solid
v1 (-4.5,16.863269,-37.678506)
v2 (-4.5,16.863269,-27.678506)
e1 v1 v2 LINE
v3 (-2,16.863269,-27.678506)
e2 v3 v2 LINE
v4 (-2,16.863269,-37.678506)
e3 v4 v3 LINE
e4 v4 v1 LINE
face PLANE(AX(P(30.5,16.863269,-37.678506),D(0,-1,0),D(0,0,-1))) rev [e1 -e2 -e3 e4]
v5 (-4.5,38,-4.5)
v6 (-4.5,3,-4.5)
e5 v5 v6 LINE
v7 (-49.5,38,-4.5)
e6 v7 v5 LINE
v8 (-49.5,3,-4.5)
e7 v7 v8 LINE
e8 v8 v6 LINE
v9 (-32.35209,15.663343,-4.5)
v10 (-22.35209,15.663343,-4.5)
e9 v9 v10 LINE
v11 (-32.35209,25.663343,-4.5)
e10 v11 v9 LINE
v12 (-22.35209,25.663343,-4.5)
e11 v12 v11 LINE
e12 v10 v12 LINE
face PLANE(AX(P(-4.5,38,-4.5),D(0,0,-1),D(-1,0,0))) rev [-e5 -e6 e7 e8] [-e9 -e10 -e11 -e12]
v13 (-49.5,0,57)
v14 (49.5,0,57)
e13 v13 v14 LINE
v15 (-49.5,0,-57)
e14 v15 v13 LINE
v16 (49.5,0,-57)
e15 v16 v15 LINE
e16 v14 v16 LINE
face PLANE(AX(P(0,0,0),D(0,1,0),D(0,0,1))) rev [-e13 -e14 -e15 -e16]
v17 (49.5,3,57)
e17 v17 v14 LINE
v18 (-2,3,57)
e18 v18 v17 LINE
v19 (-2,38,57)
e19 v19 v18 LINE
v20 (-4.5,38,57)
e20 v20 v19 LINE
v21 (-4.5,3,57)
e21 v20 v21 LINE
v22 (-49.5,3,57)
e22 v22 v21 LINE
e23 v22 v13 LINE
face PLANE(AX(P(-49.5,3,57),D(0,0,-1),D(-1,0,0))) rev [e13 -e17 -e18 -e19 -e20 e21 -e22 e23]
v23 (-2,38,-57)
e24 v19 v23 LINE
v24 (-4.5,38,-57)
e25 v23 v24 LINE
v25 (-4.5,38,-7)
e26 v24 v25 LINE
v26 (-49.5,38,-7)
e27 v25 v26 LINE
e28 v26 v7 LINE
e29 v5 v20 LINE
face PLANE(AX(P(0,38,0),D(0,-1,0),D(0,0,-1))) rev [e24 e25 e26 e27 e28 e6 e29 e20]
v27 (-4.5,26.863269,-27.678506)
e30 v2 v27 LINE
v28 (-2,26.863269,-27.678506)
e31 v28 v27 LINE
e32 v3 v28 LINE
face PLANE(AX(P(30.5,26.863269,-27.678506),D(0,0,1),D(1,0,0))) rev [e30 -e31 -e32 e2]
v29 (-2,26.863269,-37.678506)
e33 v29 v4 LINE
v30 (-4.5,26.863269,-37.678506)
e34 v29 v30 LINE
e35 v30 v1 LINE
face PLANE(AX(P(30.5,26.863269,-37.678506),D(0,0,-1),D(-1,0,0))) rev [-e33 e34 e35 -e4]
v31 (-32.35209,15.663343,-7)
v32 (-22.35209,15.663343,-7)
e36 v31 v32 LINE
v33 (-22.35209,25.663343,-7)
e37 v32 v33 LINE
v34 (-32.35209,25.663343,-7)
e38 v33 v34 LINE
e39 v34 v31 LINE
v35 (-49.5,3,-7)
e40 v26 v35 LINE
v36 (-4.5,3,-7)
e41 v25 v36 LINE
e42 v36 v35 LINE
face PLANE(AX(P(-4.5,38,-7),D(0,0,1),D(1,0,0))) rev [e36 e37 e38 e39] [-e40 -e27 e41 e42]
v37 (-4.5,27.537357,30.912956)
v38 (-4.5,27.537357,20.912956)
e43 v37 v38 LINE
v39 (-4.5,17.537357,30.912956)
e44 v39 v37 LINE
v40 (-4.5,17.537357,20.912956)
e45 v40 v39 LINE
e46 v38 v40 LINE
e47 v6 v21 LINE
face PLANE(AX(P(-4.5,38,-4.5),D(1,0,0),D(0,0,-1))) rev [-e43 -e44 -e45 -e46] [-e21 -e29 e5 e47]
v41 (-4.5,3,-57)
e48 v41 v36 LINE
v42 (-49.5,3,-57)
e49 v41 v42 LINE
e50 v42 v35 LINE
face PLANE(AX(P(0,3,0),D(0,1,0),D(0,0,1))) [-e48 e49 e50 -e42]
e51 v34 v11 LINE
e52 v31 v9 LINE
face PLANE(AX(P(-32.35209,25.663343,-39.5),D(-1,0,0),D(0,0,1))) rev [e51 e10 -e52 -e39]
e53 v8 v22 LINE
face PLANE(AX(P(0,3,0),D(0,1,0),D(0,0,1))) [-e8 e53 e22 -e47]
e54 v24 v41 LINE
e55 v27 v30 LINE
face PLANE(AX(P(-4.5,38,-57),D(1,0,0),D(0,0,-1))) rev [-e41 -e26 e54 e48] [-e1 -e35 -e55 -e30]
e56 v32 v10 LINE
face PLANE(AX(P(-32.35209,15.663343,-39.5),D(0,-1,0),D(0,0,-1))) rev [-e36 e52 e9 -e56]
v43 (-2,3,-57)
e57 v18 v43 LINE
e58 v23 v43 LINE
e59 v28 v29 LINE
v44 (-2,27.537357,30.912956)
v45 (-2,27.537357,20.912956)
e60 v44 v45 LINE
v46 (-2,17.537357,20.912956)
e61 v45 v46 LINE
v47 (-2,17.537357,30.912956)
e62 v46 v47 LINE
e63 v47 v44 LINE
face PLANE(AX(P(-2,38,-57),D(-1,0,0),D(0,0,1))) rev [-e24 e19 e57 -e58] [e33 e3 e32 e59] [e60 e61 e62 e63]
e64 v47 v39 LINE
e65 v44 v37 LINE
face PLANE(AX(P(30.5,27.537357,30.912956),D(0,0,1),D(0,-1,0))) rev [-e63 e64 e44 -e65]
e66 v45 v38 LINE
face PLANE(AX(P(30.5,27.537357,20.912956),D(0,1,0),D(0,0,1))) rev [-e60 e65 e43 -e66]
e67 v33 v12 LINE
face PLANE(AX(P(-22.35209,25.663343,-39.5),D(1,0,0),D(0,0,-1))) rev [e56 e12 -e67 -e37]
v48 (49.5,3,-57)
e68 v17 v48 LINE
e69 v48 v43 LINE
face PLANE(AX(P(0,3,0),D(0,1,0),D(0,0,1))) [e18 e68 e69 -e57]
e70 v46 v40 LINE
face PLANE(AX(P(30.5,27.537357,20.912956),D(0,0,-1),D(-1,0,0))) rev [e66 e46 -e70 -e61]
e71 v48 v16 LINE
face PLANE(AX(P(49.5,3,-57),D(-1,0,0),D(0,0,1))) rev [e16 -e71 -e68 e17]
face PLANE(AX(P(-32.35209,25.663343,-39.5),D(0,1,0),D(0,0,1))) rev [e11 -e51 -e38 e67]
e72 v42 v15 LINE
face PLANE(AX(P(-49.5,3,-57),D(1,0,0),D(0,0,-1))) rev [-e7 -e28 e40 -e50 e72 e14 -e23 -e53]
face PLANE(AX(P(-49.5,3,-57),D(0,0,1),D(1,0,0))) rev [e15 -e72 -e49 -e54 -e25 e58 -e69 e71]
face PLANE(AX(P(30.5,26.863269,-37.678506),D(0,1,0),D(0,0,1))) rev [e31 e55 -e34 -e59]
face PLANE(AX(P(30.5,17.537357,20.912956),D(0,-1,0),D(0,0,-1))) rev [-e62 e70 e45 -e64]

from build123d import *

# Parameters (mm, degrees)
SKETCH1_W           = 99
SKETCH1_H           = 114
BOSS_EXTRUDE1_DEPTH = 3
BOSS_EXTRUDE2_DEPTH = 35
SKETCH3_W           = 10
SKETCH3_H           = 10
CUT_EXTRUDE1_DEPTH  = 35
SKETCH4_W           = 10
SKETCH4_H           = 10
CUT_EXTRUDE2_DEPTH  = 35


with BuildPart() as part:
    # Sketch1 → Boss-Extrude1 (new body)
    with BuildSketch(Plane(origin=(0, 0, 0), x_dir=(1, 0, 0), z_dir=(0, 1, 0))):
        Rectangle(SKETCH1_W, SKETCH1_H)
    extrude(amount=BOSS_EXTRUDE1_DEPTH)

    # Sketch2 → Boss-Extrude2 (add)
    with BuildSketch(Plane(origin=(0, 3, 0), x_dir=(1, 0, 0), z_dir=(0, 1, 0))):
        Polygon((-2, 57), (-4.5, 57), (-4.5, 7), (-49.5, 7), (-49.5, 4.5), (-4.5, 4.5), (-4.5, -57), (-2, -57), align=None)
    extrude(amount=BOSS_EXTRUDE2_DEPTH)

    # Sketch3 → Cut-Extrude1 (cut)
    with BuildSketch(Plane.XY.offset(-4.5)):
        with Locations((-27.352089656, 20.663342565)):
            Rectangle(SKETCH3_W, SKETCH3_H)
    extrude(amount=-CUT_EXTRUDE1_DEPTH, mode=Mode.SUBTRACT)

    # Sketch4 → Cut-Extrude2 (cut)
    with BuildSketch(Plane.ZY.offset(4.5)):
        with Locations((-32.678506246, 21.863269453)):
            Rectangle(SKETCH4_W, SKETCH4_H)
        with Locations((25.912956103, 22.537357248)):
            Rectangle(SKETCH4_W, SKETCH4_H)
    extrude(amount=-CUT_EXTRUDE2_DEPTH, mode=Mode.SUBTRACT)


solid = part.part
